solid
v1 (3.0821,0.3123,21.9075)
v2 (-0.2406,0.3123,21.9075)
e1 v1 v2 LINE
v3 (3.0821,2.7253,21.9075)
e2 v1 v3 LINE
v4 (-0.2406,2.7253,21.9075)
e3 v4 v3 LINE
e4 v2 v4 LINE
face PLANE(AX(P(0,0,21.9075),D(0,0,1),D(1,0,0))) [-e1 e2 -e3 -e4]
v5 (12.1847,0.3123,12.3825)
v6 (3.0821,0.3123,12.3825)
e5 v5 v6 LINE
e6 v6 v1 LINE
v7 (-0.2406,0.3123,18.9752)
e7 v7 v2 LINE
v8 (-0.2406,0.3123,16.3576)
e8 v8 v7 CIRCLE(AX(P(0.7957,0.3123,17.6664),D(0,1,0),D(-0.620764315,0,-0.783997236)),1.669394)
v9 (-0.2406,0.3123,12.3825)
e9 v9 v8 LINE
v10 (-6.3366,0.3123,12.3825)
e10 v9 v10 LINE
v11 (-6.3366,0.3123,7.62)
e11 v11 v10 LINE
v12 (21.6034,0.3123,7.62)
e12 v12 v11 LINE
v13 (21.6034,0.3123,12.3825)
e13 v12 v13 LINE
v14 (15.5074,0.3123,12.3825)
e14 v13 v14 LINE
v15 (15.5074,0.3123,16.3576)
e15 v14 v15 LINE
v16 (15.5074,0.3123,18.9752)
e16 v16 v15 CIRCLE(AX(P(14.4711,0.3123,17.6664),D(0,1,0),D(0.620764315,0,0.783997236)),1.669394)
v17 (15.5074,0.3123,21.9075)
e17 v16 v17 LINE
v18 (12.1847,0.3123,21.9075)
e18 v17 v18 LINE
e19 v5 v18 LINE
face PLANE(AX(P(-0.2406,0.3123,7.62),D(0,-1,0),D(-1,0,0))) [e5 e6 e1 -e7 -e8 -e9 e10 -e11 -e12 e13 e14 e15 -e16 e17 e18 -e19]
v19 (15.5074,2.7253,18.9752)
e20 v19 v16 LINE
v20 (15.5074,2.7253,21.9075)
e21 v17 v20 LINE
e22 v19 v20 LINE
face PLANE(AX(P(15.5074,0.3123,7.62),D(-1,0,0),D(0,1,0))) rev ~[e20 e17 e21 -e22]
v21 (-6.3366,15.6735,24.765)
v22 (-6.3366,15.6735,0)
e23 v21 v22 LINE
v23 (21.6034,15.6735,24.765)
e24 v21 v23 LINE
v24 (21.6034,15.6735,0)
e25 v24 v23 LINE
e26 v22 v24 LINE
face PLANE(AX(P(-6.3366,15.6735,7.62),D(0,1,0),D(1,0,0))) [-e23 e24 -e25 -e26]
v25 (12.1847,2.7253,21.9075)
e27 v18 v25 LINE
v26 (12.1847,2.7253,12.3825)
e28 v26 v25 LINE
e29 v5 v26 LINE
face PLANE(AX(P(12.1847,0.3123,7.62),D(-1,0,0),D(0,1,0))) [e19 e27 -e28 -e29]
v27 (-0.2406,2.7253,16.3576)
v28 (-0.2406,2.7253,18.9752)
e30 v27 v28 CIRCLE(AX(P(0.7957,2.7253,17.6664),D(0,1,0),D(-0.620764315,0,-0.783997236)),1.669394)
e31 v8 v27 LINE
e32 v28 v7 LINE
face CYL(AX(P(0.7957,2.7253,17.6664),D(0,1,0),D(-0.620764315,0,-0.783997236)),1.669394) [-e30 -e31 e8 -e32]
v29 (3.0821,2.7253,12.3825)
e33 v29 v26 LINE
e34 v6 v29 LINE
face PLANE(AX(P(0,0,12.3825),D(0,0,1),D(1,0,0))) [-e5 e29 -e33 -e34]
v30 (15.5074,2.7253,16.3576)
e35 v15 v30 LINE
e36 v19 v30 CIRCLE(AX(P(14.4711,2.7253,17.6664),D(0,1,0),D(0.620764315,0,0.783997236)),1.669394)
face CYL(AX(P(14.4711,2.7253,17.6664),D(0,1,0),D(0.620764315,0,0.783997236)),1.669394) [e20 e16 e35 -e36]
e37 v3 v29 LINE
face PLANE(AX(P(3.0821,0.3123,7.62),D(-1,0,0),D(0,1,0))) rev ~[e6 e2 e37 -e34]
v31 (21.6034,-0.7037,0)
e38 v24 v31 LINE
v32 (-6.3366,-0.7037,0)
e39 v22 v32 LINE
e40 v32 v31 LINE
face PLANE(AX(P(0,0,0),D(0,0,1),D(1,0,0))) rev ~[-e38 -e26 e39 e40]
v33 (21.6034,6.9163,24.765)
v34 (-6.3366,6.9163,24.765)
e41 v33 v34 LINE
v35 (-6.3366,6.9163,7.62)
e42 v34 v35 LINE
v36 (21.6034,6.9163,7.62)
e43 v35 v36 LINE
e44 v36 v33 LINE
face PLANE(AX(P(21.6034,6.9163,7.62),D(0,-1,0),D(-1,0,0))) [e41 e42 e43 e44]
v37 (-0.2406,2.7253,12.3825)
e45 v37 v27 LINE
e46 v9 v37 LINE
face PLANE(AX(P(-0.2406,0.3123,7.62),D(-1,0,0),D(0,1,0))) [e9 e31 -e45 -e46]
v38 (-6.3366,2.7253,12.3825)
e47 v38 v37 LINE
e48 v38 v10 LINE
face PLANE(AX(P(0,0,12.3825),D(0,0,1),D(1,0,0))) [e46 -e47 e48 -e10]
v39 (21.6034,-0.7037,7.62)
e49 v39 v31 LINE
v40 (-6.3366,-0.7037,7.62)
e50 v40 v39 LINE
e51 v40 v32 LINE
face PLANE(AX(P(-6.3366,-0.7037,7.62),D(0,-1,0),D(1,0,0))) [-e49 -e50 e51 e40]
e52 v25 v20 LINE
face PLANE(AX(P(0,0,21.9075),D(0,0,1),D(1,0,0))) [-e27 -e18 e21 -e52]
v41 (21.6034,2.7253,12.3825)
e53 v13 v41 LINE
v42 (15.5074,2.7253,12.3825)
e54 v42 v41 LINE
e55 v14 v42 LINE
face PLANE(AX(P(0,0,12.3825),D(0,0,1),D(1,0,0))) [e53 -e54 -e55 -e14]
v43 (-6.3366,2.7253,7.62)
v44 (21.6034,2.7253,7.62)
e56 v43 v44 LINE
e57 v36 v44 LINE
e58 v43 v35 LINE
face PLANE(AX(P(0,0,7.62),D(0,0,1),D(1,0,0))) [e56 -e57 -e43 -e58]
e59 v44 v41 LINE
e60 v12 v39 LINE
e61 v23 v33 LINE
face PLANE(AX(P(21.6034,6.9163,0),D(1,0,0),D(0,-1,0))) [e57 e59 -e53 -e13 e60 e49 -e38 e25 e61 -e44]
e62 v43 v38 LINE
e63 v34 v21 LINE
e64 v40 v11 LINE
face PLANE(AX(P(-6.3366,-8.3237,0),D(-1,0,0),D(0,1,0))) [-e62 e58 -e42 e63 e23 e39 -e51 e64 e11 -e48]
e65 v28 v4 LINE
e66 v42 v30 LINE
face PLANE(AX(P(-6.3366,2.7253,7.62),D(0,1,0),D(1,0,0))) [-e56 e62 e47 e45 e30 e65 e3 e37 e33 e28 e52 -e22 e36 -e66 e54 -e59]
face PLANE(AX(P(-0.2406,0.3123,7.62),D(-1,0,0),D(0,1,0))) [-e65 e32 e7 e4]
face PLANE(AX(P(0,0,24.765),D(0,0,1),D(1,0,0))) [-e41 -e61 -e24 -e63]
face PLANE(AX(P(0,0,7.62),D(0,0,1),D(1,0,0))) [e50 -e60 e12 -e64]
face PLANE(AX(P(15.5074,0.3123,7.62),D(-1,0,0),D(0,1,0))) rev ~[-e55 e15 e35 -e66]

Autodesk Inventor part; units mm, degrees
ref_plane "YZ Plane" through (0, 0, 0) normal (1, 0, 0) x (0, 1, 0)
ref_plane "XZ Plane" through (0, 0, 0) normal (0, 1, 0) x (-1, 0, 0)
ref_plane "XY Plane" through (0, 0, 0) normal (0, 0, 1) x (1, 0, 0)
sketch "Sketch1" plane through (0, 0, 0) normal (0, 0, 1) x (1, 0, 0)
  line L0 (-6.3366, 6.9163) -> (21.6034, 6.9163)
  line L1 (21.6034, 6.9163) -> (21.6034, -8.3237)
  line L2 (21.6034, -8.3237) -> (-6.3366, -8.3237)
  line L3 (-6.3366, -8.3237) -> (-6.3366, 6.9163)
  point P0 (0, 0)
  dimension "d0" = 27.94
  dimension "d1" = 15.24
extrude "Extrusion1" add sketch "Sketch1" along normal blind 7.62
sketch "Sketch2" plane through (0, 0, 7.62) normal (0, 0, 1) x (1, 0, 0)
  line L0 (-6.3366, 6.9163) -> (-6.3366, -8.3237) projected
  line L1 (21.6034, -8.3237) -> (21.6034, 6.9163) projected
  line L2 (21.6034, 0.3123) -> (21.6034, 2.7253)
  line L3 (-6.3366, 2.7253) -> (-6.3366, 0.3123)
  line L4 (21.6034, 6.9163) -> (-6.3366, 6.9163) projected
  line L5 (-6.3366, -8.3237) -> (21.6034, -8.3237) projected
  line L6 (0.9631, 2.7253) -> (-0.2406, 2.7253)
  line L7 (-0.2406, 0.3123) -> (0.9631, 0.3123)
  line L8 (-0.2406, 0.3123) -> (-0.2406, 2.7253)
  line L9 (-0.2406, 0.3123) -> (3.0821, 0.3123)
  line L10 (3.0821, 0.3123) -> (3.0821, 2.7253)
  line L11 (3.0821, 2.7253) -> (-0.2406, 2.7253)
  line L12 (-0.2406, 2.7253) -> (-0.2406, 0.3123)
  line L13 (14.3038, 2.7253) -> (15.5074, 2.7253)
  line L14 (15.5074, 0.3123) -> (14.3038, 0.3123)
  line L15 (15.5074, 0.3123) -> (15.5074, 2.7253)
  line L16 (15.5074, 0.3123) -> (12.1847, 0.3123)
  line L17 (12.1847, 0.3123) -> (12.1847, 2.7253)
  line L18 (12.1847, 2.7253) -> (15.5074, 2.7253)
  line L19 (15.5074, 2.7253) -> (15.5074, 0.3123)
  line L20 (-6.3366, -0.7037) -> (21.6034, -0.7037)
  line L21 (-6.3366, 2.7253) -> (21.6034, 2.7253)
  line L22 (21.6034, 2.7253) -> (21.6034, 0.3123)
  line L23 (21.6034, 0.3123) -> (-6.3366, 0.3123)
  line L24 (-6.3366, 0.3123) -> (-6.3366, 2.7253)
  point P0 (0, 0)
  point P1 (-0.2406, 1.5188)
  point P2 (15.2669, 0)
  point P3 (15.5074, 1.5188)
  dimension "d6" = 6.096
extrude "Extrusion2" add sketch "Sketch2" along normal blind 8.7376 contours L6 L11 L10 L9 L7 L8 | L15 L14 L16 L17 L18 L13
sketch "Sketch3" plane through (-0.2406, 2.7253, 7.62) normal (0, 1, 0) x (1, 0, 0)
  line L0 (3.3227, -8.7376) -> (0, -8.7376) projected
  line L1 (3.3227, -11.3552) -> (0, -11.3552)
  line L2 (0, -11.3552) -> (0, -8.7376)
  line L3 (3.3227, -8.7376) -> (0, -8.7376)
  line L4 (-6.096, 7.62) -> (21.844, 7.62) projected
  line L5 (3.3227, -11.3552) -> (3.3227, -8.7376)
  arc A0 (0, -8.7376) -> (0, -11.3552) centre (1.0363, -10.0464) ccw
  line L6 (12.4253, -8.7376) -> (15.748, -8.7376)
  line L7 (12.4253, -11.3552) -> (15.748, -11.3552)
  line L8 (15.748, -11.3552) -> (15.748, -8.7376)
  line L9 (12.4253, -8.7376) -> (15.748, -8.7376)
  line L10 (12.4253, -11.3552) -> (12.4253, -8.7376)
  arc A1 (15.748, -11.3552) -> (15.748, -8.7376) centre (14.7117, -10.0464) ccw
  point P0 (0.2406, 7.62)
extrude "Extrusion3" add sketch "Sketch3" against normal up to surface (2.413 mm away)
extrude "Extrusion4" add sketch "Sketch2" along normal blind 14.2875 contours L6 L11 L10 L9 L7 L8 | L15 L14 L16 L17 L18 L13
sketch "Sketch4" plane through (-6.3366, 6.9163, 0) normal (0, 1, 0) x (1, 0, 0)
  point P0 (6.3366, 0)
sketch "Sketch5" plane through (0, 0, 7.62) normal (0, 0, 1) x (1, 0, 0)
  line L0 (21.6034, 6.9163) -> (-6.3366, 6.9163) projected
  line L1 (-6.3366, 15.6735) -> (21.6034, 15.6735)
  line L2 (21.6034, 15.6735) -> (21.6034, 6.9163)
  line L3 (21.6034, 6.9163) -> (-6.3366, 6.9163)
  line L4 (-6.3366, 6.9163) -> (-6.3366, 15.6735)
  point P0 (0, 0)
extrude "Extrusion5" add sketch "Sketch5" along normal blind 17.145 and the other way blind 7.62
extrude "Extrusion6" cut sketch "Sketch2" against normal blind 25.4 contours L20 L1 L5 L0
extrude "Extrusion7" add sketch "Sketch2" along normal blind 4.7625 contours L21 L8 L23 L0 | L1 L23 L15 L21 | L21 L17 L23 L10
properties part number "Attachment2"
